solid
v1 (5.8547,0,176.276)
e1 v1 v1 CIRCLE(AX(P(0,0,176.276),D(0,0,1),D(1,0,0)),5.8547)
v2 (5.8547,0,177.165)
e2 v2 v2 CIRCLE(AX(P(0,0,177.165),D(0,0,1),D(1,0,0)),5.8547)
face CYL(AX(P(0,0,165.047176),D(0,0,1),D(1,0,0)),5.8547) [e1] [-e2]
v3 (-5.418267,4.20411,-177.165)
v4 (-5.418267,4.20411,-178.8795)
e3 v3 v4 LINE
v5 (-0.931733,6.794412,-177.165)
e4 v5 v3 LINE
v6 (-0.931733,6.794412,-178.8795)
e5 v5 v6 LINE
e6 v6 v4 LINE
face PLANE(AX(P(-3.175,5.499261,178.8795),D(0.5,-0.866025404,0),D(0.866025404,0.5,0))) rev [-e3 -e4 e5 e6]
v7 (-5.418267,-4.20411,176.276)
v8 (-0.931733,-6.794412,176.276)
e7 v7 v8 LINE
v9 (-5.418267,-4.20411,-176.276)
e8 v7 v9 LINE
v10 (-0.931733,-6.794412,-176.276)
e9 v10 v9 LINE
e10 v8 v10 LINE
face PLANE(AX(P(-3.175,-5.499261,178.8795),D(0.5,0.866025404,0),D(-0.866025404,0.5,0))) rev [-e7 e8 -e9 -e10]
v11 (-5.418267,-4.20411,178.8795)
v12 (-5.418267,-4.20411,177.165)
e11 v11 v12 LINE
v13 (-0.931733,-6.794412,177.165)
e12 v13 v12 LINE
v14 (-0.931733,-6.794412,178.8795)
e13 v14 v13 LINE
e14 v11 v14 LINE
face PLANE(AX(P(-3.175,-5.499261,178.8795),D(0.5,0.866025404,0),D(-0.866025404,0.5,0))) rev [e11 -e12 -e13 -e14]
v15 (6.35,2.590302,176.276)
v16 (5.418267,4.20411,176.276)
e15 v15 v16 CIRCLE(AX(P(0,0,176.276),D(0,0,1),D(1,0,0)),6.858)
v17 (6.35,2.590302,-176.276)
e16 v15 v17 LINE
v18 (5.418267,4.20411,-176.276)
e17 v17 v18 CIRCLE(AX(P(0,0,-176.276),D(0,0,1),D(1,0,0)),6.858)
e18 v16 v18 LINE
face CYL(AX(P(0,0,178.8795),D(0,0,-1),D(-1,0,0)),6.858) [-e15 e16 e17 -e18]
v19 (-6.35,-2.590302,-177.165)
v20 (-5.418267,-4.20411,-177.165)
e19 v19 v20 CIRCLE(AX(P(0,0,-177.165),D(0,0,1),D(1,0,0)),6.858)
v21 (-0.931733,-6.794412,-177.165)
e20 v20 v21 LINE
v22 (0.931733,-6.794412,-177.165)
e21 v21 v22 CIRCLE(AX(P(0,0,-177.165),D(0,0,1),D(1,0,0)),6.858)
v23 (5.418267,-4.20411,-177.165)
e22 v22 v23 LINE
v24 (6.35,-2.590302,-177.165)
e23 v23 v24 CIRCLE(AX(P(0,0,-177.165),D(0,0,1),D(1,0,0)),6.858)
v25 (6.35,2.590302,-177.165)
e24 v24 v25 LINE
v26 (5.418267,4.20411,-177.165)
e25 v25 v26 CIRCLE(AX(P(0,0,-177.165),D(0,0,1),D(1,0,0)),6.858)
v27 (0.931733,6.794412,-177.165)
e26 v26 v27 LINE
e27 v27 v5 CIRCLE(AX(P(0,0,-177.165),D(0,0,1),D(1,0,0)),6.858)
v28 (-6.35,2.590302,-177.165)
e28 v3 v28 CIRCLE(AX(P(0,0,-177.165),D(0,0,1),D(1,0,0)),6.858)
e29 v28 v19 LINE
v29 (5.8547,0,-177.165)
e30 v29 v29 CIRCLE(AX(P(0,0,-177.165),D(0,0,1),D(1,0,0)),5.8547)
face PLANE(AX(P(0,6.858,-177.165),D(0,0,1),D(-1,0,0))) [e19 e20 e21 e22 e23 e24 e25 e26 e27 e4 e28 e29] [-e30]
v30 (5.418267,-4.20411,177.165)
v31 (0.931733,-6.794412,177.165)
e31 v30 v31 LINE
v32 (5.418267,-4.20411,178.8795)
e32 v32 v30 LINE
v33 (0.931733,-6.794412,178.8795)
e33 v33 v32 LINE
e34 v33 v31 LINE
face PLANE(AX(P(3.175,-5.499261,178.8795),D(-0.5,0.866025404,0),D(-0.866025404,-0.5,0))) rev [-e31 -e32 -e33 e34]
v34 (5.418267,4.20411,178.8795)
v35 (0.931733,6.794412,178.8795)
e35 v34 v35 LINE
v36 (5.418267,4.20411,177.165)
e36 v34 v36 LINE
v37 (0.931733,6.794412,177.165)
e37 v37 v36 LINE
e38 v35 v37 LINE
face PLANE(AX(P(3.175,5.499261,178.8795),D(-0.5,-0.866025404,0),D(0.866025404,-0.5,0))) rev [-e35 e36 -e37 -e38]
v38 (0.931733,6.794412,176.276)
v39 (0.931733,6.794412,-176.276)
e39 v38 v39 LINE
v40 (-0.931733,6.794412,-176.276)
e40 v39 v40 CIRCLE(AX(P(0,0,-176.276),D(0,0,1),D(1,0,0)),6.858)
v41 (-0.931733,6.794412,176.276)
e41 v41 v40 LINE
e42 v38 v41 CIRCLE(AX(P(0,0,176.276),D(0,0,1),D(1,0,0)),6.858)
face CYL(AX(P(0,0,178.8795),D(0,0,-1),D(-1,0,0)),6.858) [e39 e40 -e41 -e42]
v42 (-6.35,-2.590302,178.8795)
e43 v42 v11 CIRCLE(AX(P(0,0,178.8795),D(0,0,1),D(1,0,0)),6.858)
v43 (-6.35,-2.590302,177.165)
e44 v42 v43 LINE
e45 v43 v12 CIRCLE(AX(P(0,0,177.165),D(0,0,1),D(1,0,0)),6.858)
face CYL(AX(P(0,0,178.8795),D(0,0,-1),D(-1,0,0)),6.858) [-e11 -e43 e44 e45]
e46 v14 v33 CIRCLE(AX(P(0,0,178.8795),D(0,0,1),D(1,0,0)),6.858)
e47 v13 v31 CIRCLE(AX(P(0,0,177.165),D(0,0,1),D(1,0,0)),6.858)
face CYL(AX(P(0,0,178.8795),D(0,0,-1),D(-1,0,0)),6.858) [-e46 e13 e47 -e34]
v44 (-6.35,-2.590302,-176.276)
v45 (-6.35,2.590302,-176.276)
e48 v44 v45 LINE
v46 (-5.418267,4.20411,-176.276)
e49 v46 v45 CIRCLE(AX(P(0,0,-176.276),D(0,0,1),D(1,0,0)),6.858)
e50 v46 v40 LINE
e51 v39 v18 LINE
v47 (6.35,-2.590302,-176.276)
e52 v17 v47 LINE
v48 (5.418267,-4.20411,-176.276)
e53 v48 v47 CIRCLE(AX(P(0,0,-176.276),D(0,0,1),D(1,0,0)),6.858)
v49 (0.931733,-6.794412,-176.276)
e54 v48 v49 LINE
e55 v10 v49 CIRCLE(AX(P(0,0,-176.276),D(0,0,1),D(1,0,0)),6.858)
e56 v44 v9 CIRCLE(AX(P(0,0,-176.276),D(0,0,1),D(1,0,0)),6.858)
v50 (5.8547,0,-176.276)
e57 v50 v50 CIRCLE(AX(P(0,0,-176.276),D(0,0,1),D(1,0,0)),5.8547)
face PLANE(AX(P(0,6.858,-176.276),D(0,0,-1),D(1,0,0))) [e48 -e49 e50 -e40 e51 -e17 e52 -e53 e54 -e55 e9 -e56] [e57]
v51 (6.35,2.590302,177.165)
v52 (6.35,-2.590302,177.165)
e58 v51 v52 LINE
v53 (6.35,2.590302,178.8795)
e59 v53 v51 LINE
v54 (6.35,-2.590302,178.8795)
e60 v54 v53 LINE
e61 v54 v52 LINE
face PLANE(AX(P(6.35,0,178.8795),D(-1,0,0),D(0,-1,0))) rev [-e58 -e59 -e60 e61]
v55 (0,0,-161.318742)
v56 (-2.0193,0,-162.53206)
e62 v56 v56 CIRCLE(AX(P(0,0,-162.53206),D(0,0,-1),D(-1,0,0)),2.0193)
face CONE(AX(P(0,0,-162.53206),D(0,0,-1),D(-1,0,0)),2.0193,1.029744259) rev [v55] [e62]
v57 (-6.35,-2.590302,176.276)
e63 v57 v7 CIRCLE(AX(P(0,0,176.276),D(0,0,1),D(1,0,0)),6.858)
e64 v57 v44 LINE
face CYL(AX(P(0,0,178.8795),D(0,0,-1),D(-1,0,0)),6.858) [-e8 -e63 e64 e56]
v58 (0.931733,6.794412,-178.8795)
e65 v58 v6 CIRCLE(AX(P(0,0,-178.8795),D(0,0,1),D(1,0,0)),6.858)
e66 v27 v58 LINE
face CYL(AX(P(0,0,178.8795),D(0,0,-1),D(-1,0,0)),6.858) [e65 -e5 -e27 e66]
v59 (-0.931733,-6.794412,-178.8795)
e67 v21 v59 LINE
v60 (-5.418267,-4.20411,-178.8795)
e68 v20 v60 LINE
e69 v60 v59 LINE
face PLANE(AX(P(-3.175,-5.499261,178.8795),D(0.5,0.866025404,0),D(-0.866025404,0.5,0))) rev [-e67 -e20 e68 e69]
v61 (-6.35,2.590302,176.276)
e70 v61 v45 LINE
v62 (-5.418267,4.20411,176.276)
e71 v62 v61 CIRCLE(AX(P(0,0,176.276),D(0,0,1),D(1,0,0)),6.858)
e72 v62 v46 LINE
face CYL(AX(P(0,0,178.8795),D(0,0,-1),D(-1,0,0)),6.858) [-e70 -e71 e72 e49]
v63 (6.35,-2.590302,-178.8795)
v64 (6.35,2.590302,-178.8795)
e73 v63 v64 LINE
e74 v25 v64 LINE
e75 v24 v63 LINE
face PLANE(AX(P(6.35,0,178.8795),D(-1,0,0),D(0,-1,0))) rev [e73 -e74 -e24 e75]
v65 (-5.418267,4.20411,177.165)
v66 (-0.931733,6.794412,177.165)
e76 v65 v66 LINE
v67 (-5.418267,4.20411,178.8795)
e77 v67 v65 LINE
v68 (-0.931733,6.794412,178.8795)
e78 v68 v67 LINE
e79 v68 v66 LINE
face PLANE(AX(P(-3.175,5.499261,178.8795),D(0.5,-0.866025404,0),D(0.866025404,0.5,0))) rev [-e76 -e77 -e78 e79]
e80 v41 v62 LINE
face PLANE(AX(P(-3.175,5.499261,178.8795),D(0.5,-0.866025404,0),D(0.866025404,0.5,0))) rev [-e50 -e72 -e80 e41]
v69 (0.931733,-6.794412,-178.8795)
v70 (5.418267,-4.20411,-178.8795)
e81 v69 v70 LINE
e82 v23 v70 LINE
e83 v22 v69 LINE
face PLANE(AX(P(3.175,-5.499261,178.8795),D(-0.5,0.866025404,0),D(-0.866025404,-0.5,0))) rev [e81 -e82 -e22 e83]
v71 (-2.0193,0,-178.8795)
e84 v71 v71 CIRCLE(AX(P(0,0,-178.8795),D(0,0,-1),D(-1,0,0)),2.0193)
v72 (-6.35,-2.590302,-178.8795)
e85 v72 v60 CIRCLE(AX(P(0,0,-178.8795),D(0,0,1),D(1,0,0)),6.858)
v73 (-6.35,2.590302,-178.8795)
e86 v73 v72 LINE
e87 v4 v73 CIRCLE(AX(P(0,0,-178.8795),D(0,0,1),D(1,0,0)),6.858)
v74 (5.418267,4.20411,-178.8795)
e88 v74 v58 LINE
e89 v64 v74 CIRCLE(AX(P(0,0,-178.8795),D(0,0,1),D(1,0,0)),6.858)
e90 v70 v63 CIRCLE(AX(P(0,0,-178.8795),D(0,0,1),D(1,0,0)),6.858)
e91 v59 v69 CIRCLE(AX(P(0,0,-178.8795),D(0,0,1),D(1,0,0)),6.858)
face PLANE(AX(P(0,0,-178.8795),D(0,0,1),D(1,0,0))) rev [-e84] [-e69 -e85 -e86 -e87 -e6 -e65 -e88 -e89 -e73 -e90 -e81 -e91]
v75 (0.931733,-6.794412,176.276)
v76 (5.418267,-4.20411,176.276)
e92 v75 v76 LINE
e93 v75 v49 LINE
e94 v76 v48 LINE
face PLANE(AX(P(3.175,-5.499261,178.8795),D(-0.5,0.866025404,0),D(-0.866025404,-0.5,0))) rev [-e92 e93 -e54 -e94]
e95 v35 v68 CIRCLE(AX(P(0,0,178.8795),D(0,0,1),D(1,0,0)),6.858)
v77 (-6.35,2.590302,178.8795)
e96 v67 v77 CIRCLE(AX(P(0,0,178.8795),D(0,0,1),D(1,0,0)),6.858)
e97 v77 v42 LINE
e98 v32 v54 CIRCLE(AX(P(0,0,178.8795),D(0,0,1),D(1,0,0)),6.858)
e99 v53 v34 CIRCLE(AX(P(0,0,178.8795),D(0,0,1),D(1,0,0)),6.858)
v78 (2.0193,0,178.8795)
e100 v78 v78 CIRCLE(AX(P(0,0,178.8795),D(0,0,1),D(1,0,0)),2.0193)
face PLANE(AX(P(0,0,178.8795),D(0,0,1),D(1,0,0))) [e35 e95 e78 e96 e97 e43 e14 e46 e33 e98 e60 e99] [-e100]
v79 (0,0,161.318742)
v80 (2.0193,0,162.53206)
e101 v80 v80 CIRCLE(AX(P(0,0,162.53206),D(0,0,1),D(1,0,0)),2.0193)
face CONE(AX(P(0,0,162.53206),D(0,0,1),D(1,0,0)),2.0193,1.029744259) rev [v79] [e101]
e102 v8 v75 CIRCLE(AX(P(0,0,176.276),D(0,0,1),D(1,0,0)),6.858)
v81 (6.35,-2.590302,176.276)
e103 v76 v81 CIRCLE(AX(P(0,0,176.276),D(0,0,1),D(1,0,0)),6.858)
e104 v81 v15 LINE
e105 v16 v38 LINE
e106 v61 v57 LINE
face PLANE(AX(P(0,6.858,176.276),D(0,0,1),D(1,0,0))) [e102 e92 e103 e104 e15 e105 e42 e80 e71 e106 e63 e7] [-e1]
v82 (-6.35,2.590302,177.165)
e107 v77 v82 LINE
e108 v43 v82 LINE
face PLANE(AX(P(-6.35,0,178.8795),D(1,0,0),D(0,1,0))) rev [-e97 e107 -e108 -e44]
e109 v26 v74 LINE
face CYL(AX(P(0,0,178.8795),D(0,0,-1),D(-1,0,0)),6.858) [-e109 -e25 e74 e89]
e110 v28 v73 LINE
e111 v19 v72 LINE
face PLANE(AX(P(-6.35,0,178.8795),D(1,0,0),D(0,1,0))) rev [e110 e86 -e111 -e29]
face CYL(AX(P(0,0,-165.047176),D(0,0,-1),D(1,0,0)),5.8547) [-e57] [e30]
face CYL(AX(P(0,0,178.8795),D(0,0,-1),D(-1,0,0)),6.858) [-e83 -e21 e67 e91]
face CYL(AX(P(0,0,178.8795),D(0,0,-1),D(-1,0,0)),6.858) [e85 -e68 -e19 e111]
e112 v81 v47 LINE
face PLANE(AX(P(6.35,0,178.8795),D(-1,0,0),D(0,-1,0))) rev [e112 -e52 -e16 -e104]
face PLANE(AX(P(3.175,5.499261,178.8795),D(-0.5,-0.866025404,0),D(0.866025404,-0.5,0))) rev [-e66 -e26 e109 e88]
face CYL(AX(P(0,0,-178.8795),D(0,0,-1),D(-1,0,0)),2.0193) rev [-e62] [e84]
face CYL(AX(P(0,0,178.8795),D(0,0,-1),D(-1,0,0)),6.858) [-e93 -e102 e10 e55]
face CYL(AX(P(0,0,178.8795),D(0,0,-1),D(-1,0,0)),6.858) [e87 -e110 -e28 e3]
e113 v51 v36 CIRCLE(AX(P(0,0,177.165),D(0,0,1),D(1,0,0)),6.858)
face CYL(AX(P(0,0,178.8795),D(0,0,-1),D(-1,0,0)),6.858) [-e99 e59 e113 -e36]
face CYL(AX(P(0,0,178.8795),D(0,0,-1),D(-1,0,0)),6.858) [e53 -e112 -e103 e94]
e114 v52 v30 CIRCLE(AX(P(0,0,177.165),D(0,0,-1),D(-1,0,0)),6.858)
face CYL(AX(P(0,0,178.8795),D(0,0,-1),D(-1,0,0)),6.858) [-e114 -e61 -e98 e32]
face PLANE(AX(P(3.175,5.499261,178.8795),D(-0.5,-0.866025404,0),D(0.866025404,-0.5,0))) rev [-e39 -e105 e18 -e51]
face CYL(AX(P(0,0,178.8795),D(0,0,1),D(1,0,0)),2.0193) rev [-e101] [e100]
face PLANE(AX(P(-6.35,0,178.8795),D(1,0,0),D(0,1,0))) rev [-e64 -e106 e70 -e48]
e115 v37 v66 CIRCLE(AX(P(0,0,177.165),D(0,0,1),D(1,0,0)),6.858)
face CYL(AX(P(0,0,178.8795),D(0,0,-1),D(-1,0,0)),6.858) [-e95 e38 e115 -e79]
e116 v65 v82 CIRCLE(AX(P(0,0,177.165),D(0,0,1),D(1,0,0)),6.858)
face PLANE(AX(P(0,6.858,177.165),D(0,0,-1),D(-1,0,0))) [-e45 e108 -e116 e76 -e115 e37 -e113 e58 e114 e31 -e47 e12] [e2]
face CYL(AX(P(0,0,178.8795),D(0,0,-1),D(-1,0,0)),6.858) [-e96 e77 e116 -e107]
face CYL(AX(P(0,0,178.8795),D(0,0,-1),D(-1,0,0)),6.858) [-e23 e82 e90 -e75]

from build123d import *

# Parameters (mm, degrees)
BOSS_EXTRUDE1_DEPTH                  = 178.8795
F_10_32_TAPPED_HOLE1_D               = 4.0386
F_10_32_TAPPED_HOLE1_DEPTH           = 16.34744
F_10_32_TAPPED_HOLE1_TIP             = 1.213317848
F_10_32_TAPPED_HOLE1_ON_FACE_2_D     = 4.0386
F_10_32_TAPPED_HOLE1_ON_FACE_2_DEPTH = 16.34744
F_10_32_TAPPED_HOLE1_ON_FACE_2_TIP   = 1.213317848
SKETCH5_W                            = 0.889
SKETCH5_H                            = 1.0033


with BuildPart() as part:
    # Sketch1 → Boss-Extrude1 (new, symmetric)
    with BuildSketch(Plane.XY):
        with BuildLine():
            ThreePointArc((0.93173274, 6.79441227), (0, 6.858), (-0.93173274, 6.79441227))
            Line((-0.93173274, 6.79441227), (-5.41826726, 4.204110358))
            ThreePointArc((-5.41826726, 4.204110358), (-5.939202219, 3.429), (-6.35, 2.590301913))
            Line((-6.35, 2.590301913), (-6.35, -2.590301913))
            ThreePointArc((-6.35, -2.590301913), (-5.939202219, -3.429), (-5.41826726, -4.204110358))
            Line((-5.41826726, -4.204110358), (-0.93173274, -6.79441227))
            ThreePointArc((-0.93173274, -6.79441227), (0, -6.858), (0.93173274, -6.79441227))
            Line((0.93173274, -6.79441227), (5.41826726, -4.204110358))
            ThreePointArc((5.41826726, -4.204110358), (5.939202219, -3.429), (6.35, -2.590301913))
            Line((6.35, -2.590301913), (6.35, 2.590301913))
            ThreePointArc((6.35, 2.590301913), (5.939202219, 3.429), (5.41826726, 4.204110358))
            Line((5.41826726, 4.204110358), (0.93173274, 6.79441227))
        make_face()
    extrude(amount=BOSS_EXTRUDE1_DEPTH, both=True)

    # #10-32 Tapped Hole1
    with Locations(Plane.XY.offset(178.8795)):
        with Locations((0, 0)):
            Hole(F_10_32_TAPPED_HOLE1_D / 2, depth=F_10_32_TAPPED_HOLE1_DEPTH)
            with Locations((0, 0, -(F_10_32_TAPPED_HOLE1_DEPTH + F_10_32_TAPPED_HOLE1_TIP / 2))):  # 118° drill point
                Cone(0, F_10_32_TAPPED_HOLE1_D / 2, F_10_32_TAPPED_HOLE1_TIP, mode=Mode.SUBTRACT)

    # #10-32 Tapped Hole1 on face 2
    with Locations(Plane(origin=(0, 0, -178.8795), x_dir=(-1, 0, 0), z_dir=(0, 0, -1))):
        with Locations((0, 0)):
            Hole(F_10_32_TAPPED_HOLE1_ON_FACE_2_D / 2, depth=F_10_32_TAPPED_HOLE1_ON_FACE_2_DEPTH)
            with Locations((0, 0, -(F_10_32_TAPPED_HOLE1_ON_FACE_2_DEPTH + F_10_32_TAPPED_HOLE1_ON_FACE_2_TIP / 2))):  # 118° drill point
                Cone(0, F_10_32_TAPPED_HOLE1_ON_FACE_2_D / 2, F_10_32_TAPPED_HOLE1_ON_FACE_2_TIP, mode=Mode.SUBTRACT)

    # Sketch5 → Cut-Revolve1 (revolve, cut)
    with BuildSketch(Plane(origin=(0, 0, 0), x_dir=(0, 0, -1), z_dir=(1, 0, 0)), mode=Mode.PRIVATE) as cut_revolve1_sk:
        with Locations((-176.7205, 6.35635)):
            Rectangle(SKETCH5_W, SKETCH5_H)
    cut_revolve1 = revolve(cut_revolve1_sk.sketch.rotate(Axis((0, 0, 165.047176272), (0, 0, -1)), 90), axis=Axis((0, 0, 165.047176272), (0, 0, -1)), mode=Mode.SUBTRACT)

    # Mirror1: Cut-Revolve1 across plane
    add(cut_revolve1.mirror(Plane.XY), mode=Mode.SUBTRACT)


solid = part.part
